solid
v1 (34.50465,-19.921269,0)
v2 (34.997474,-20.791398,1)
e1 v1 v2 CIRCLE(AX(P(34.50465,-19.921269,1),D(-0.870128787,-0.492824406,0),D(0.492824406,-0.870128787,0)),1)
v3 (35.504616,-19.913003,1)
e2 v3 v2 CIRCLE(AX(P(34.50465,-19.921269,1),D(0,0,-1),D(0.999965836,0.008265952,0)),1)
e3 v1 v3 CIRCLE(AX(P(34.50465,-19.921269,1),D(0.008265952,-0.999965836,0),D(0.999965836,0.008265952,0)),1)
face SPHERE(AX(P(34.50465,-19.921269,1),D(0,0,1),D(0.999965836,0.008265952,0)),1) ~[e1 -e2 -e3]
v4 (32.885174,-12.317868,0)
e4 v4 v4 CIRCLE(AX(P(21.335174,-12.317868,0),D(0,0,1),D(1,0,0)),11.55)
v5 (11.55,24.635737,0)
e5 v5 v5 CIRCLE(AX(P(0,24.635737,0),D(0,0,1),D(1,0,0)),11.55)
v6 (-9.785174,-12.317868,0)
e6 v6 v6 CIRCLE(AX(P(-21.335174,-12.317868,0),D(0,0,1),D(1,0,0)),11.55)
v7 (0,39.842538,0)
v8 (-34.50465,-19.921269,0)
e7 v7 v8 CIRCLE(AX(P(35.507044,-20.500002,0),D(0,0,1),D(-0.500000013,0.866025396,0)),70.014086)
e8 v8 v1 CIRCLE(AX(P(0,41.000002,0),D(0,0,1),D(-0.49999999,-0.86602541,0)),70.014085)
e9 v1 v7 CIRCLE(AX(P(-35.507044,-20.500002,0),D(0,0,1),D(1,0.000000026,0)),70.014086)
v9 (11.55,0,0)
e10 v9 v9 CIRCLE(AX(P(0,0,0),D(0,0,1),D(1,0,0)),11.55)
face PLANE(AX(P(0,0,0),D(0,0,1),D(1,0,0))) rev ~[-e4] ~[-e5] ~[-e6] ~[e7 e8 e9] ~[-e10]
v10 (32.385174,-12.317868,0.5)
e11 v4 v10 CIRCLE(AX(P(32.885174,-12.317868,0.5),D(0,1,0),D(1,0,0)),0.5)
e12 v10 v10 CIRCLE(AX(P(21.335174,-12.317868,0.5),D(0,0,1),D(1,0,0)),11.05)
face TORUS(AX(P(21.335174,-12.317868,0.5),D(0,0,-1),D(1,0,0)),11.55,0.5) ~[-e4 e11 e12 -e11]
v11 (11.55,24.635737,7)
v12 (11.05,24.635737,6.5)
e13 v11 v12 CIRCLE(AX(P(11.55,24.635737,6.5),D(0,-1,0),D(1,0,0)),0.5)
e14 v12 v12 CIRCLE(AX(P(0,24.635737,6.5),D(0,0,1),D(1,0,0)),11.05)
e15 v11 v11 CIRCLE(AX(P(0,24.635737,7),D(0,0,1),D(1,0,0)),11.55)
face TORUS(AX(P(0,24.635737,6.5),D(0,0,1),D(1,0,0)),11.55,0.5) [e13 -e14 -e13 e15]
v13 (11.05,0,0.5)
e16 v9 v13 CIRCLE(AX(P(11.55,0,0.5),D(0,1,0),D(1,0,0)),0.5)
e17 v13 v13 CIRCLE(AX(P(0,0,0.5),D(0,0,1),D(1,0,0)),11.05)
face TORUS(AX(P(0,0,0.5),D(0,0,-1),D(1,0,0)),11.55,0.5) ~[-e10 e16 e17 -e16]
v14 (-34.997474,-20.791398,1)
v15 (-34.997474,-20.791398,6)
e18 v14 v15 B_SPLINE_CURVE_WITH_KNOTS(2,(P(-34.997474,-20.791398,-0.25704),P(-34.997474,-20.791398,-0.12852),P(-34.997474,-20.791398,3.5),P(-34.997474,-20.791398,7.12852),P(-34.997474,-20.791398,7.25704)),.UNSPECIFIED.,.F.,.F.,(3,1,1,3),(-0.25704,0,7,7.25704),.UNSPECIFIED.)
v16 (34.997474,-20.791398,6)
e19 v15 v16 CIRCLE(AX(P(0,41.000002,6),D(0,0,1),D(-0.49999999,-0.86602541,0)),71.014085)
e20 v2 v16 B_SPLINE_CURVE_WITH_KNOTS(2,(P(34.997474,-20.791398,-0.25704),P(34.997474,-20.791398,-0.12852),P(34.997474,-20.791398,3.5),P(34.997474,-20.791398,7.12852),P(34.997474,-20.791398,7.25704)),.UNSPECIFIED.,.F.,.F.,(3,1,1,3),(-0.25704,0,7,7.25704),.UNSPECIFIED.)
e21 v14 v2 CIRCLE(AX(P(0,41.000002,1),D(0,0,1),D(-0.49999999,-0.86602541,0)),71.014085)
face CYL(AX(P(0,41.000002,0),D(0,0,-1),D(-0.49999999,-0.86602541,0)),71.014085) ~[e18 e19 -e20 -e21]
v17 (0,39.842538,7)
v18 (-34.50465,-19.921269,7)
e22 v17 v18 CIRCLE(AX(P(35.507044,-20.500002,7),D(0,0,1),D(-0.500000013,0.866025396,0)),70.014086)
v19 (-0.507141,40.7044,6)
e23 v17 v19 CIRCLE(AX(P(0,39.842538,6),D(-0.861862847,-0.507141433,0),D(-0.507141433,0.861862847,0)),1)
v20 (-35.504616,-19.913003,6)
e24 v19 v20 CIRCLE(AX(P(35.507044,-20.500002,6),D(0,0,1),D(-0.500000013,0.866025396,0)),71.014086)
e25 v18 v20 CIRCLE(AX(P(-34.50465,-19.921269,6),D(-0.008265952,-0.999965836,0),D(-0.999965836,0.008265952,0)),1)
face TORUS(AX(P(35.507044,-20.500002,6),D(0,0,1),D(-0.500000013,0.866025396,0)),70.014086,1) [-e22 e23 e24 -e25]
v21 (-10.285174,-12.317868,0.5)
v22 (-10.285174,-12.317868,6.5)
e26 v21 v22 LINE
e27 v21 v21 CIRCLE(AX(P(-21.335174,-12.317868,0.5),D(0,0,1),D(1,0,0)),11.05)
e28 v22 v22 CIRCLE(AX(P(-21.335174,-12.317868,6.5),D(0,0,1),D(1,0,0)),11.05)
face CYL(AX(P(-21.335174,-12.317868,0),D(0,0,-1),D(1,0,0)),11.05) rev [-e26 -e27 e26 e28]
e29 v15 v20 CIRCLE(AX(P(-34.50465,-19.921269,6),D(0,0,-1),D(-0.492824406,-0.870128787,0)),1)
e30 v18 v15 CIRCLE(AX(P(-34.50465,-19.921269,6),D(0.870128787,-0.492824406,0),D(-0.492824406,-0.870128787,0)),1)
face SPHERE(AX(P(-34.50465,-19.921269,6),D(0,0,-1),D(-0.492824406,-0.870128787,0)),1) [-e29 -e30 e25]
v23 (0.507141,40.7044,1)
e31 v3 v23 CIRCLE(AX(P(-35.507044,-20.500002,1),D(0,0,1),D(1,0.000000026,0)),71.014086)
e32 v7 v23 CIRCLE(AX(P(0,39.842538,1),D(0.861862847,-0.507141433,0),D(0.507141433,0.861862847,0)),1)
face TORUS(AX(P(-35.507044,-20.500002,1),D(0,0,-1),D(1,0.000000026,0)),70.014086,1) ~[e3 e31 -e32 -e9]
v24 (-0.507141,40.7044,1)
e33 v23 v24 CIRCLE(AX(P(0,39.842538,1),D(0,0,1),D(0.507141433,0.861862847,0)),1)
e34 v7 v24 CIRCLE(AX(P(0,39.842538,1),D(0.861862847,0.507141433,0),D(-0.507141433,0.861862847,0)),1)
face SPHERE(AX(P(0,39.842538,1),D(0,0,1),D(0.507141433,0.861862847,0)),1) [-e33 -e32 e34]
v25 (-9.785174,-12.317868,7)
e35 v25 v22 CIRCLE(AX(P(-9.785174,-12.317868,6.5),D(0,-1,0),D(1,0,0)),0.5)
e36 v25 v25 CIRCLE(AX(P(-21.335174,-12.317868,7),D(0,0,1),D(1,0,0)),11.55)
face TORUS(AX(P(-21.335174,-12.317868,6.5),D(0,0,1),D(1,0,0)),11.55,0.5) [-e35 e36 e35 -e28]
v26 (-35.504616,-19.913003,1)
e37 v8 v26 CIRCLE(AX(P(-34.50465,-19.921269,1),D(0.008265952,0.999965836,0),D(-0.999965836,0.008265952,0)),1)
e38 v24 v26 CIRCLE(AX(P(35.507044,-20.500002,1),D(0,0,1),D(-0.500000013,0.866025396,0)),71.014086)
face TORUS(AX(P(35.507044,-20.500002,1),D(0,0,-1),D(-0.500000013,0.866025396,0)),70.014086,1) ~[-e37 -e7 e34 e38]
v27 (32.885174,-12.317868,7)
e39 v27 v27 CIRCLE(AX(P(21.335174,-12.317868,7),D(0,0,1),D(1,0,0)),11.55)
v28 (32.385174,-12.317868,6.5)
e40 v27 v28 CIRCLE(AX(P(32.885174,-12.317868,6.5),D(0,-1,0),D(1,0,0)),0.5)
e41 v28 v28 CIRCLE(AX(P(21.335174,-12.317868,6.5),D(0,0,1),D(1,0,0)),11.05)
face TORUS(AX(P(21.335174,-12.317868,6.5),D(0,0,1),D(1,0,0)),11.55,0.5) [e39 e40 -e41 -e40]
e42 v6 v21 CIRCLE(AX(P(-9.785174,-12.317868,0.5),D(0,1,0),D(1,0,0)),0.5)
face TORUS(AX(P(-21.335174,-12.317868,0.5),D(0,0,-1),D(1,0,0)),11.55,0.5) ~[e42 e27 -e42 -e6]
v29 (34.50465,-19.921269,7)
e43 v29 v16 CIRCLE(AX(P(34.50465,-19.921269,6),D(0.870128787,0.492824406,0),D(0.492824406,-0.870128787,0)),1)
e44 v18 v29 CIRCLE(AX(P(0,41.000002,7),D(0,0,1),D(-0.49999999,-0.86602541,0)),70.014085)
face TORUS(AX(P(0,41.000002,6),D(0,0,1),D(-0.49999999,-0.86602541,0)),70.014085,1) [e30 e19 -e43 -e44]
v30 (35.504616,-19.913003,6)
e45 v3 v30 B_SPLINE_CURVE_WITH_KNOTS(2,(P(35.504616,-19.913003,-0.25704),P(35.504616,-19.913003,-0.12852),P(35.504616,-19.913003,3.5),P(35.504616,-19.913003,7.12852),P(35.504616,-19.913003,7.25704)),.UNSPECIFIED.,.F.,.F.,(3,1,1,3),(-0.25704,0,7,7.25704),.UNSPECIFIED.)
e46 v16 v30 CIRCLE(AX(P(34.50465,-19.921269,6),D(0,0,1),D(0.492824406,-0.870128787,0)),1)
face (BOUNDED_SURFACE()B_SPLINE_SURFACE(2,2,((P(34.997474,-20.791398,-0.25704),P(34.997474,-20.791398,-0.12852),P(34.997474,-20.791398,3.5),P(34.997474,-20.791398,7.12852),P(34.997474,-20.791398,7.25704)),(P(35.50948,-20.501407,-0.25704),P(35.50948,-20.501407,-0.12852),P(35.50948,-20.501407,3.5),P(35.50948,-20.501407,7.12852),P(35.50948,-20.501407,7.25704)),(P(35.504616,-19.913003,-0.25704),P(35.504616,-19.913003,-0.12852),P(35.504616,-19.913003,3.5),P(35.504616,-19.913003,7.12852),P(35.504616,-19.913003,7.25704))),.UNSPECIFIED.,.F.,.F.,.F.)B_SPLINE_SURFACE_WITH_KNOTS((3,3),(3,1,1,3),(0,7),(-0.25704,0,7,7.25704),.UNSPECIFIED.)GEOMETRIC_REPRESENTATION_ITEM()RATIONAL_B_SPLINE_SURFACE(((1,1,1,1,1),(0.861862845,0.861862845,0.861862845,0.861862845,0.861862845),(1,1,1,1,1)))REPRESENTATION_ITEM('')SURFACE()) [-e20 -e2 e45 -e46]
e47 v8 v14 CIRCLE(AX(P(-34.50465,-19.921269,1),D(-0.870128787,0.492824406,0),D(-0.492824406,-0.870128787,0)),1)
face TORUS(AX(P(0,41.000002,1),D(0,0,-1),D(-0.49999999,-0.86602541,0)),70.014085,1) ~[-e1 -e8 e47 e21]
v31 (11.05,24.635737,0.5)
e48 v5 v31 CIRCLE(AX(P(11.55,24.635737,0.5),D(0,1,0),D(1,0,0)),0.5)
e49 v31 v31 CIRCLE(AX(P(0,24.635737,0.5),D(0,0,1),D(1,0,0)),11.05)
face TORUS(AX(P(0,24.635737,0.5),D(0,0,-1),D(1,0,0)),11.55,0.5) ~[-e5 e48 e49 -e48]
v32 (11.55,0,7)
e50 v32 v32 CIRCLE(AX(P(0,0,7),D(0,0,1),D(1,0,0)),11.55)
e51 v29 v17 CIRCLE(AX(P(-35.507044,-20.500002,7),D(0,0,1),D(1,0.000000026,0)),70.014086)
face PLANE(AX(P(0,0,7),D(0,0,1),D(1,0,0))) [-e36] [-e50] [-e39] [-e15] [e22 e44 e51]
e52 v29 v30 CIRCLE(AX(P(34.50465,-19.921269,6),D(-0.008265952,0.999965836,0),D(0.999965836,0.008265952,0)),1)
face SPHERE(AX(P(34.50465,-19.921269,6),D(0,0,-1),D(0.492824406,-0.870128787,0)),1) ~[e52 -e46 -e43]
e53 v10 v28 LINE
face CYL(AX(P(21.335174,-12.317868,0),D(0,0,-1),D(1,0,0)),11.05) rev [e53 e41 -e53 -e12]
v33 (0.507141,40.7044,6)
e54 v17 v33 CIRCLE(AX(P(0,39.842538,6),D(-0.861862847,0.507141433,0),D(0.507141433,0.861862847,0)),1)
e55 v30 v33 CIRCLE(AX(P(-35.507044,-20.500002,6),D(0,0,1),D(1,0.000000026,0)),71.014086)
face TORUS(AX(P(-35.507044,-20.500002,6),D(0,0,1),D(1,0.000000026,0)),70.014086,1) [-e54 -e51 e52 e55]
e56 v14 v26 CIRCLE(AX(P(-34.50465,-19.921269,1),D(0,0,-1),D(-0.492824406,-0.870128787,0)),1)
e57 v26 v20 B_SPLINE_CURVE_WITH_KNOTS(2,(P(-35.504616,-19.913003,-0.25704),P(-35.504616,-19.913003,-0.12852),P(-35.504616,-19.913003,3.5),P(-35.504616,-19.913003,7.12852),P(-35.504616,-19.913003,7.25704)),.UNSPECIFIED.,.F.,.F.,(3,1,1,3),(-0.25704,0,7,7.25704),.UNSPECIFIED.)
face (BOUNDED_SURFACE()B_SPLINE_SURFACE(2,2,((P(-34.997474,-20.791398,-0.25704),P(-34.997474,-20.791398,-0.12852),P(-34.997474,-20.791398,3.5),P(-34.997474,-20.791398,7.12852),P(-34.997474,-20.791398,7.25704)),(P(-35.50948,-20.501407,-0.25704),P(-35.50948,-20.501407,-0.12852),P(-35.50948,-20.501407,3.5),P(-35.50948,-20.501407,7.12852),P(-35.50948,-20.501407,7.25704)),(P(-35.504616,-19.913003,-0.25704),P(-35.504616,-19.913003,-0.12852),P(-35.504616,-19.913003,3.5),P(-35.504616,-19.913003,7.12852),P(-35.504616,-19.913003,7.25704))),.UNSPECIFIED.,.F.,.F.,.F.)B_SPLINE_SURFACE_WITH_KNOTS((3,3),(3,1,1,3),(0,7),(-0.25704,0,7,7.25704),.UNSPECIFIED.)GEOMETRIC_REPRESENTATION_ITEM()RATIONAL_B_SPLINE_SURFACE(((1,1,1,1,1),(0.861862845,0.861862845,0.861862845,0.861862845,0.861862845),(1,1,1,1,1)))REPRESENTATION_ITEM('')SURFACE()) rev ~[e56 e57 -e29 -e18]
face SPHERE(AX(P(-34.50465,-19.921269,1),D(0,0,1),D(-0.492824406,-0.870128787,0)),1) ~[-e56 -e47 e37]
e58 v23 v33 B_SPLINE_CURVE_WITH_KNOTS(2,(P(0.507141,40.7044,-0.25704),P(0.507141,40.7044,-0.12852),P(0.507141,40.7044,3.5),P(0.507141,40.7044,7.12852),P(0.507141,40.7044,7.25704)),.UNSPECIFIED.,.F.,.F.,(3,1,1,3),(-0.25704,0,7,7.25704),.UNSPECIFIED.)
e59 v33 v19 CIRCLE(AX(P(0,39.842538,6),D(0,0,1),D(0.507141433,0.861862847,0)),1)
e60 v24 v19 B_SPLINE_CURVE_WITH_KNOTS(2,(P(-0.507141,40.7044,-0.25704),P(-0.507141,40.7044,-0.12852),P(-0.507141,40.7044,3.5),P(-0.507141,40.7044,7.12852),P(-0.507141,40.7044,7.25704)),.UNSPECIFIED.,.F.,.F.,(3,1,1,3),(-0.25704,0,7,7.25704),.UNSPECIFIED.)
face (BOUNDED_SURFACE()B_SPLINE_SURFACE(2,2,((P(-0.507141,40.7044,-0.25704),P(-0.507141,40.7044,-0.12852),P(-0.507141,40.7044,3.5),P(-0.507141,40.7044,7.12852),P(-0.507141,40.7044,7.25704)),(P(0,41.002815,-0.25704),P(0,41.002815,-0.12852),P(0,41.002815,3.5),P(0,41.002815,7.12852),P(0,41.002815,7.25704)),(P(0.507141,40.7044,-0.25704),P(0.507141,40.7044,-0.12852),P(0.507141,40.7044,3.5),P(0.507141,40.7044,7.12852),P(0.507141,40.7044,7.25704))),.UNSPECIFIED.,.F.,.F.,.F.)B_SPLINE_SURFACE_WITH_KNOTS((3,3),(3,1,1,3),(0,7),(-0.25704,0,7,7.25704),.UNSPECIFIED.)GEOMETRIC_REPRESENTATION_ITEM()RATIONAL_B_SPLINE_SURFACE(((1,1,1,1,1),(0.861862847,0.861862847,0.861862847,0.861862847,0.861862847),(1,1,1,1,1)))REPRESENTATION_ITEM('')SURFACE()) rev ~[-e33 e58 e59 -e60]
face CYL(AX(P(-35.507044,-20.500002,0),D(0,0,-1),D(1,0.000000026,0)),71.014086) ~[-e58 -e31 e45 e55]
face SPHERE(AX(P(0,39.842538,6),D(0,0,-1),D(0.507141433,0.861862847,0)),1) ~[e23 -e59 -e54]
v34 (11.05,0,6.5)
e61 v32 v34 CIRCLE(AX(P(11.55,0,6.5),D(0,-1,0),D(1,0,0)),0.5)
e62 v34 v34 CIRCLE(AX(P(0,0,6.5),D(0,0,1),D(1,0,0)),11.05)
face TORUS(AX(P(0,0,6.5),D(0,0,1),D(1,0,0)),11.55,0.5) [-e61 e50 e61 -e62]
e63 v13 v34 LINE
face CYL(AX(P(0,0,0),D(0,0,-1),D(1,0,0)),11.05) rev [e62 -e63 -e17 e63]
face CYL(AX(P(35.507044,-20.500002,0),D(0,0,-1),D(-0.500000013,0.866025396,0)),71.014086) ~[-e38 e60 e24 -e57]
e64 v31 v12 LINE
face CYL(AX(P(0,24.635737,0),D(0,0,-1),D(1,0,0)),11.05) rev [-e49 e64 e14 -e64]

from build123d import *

# Parameters (mm, degrees)
F0_R     = 11.05
F1_DEPTH = 7
F2_R     = 1
F3_R     = 0.5


with BuildPart() as f1:
    # F0 (on Top) → F1 (new body)
    with BuildSketch(Plane.XY):
        with BuildLine():
            ThreePointArc((-35.507042, -20.5), (0, -30.014083), (35.507042, -20.5))
            ThreePointArc((35.507042, -20.5), (25.992958, 15.007042), (0, 41))
            ThreePointArc((0, 41), (-25.992958, 15.007042), (-35.507042, -20.5))
        make_face()
        with Locations((-21.335174, -12.317868)):
            Circle(F0_R, mode=Mode.SUBTRACT)
        Circle(F0_R, mode=Mode.SUBTRACT)
        with Locations((21.335174, -12.317868)):
            Circle(F0_R, mode=Mode.SUBTRACT)
        with Locations((0, 24.635737)):
            Circle(F0_R, mode=Mode.SUBTRACT)
    extrude(amount=F1_DEPTH)

    # F2
    f2_edges = [f1.edges().sort_by_distance(p)[0] for p in [
        (0, -30.014083, 7),
        (25.992958, 15.007042, 7),
        (-25.992958, 15.007042, 7),
        (25.992958, 15.007042, 0),
        (0, -30.014083, 0),
        (-25.992958, 15.007042, 0),
        (-35.507042, -20.5, 3.5),
        (0, 41, 3.5),
        (35.507042, -20.5, 3.5),
    ]]
    fillet(f2_edges, radius=F2_R)

    # F3
    f3_edges = [f1.edges().sort_by_distance(p)[0] for p in [
        (-32.385174, -12.317868, 7),
        (-11.05, 0, 7),
        (-11.05, 24.635737, 7),
        (10.285174, -12.317868, 7),
        (10.285174, -12.317868, 0),
        (-11.05, 0, 0),
        (-32.385174, -12.317868, 0),
        (-11.05, 24.635737, 0),
    ]]
    fillet(f3_edges, radius=F3_R)


solid = f1.part
